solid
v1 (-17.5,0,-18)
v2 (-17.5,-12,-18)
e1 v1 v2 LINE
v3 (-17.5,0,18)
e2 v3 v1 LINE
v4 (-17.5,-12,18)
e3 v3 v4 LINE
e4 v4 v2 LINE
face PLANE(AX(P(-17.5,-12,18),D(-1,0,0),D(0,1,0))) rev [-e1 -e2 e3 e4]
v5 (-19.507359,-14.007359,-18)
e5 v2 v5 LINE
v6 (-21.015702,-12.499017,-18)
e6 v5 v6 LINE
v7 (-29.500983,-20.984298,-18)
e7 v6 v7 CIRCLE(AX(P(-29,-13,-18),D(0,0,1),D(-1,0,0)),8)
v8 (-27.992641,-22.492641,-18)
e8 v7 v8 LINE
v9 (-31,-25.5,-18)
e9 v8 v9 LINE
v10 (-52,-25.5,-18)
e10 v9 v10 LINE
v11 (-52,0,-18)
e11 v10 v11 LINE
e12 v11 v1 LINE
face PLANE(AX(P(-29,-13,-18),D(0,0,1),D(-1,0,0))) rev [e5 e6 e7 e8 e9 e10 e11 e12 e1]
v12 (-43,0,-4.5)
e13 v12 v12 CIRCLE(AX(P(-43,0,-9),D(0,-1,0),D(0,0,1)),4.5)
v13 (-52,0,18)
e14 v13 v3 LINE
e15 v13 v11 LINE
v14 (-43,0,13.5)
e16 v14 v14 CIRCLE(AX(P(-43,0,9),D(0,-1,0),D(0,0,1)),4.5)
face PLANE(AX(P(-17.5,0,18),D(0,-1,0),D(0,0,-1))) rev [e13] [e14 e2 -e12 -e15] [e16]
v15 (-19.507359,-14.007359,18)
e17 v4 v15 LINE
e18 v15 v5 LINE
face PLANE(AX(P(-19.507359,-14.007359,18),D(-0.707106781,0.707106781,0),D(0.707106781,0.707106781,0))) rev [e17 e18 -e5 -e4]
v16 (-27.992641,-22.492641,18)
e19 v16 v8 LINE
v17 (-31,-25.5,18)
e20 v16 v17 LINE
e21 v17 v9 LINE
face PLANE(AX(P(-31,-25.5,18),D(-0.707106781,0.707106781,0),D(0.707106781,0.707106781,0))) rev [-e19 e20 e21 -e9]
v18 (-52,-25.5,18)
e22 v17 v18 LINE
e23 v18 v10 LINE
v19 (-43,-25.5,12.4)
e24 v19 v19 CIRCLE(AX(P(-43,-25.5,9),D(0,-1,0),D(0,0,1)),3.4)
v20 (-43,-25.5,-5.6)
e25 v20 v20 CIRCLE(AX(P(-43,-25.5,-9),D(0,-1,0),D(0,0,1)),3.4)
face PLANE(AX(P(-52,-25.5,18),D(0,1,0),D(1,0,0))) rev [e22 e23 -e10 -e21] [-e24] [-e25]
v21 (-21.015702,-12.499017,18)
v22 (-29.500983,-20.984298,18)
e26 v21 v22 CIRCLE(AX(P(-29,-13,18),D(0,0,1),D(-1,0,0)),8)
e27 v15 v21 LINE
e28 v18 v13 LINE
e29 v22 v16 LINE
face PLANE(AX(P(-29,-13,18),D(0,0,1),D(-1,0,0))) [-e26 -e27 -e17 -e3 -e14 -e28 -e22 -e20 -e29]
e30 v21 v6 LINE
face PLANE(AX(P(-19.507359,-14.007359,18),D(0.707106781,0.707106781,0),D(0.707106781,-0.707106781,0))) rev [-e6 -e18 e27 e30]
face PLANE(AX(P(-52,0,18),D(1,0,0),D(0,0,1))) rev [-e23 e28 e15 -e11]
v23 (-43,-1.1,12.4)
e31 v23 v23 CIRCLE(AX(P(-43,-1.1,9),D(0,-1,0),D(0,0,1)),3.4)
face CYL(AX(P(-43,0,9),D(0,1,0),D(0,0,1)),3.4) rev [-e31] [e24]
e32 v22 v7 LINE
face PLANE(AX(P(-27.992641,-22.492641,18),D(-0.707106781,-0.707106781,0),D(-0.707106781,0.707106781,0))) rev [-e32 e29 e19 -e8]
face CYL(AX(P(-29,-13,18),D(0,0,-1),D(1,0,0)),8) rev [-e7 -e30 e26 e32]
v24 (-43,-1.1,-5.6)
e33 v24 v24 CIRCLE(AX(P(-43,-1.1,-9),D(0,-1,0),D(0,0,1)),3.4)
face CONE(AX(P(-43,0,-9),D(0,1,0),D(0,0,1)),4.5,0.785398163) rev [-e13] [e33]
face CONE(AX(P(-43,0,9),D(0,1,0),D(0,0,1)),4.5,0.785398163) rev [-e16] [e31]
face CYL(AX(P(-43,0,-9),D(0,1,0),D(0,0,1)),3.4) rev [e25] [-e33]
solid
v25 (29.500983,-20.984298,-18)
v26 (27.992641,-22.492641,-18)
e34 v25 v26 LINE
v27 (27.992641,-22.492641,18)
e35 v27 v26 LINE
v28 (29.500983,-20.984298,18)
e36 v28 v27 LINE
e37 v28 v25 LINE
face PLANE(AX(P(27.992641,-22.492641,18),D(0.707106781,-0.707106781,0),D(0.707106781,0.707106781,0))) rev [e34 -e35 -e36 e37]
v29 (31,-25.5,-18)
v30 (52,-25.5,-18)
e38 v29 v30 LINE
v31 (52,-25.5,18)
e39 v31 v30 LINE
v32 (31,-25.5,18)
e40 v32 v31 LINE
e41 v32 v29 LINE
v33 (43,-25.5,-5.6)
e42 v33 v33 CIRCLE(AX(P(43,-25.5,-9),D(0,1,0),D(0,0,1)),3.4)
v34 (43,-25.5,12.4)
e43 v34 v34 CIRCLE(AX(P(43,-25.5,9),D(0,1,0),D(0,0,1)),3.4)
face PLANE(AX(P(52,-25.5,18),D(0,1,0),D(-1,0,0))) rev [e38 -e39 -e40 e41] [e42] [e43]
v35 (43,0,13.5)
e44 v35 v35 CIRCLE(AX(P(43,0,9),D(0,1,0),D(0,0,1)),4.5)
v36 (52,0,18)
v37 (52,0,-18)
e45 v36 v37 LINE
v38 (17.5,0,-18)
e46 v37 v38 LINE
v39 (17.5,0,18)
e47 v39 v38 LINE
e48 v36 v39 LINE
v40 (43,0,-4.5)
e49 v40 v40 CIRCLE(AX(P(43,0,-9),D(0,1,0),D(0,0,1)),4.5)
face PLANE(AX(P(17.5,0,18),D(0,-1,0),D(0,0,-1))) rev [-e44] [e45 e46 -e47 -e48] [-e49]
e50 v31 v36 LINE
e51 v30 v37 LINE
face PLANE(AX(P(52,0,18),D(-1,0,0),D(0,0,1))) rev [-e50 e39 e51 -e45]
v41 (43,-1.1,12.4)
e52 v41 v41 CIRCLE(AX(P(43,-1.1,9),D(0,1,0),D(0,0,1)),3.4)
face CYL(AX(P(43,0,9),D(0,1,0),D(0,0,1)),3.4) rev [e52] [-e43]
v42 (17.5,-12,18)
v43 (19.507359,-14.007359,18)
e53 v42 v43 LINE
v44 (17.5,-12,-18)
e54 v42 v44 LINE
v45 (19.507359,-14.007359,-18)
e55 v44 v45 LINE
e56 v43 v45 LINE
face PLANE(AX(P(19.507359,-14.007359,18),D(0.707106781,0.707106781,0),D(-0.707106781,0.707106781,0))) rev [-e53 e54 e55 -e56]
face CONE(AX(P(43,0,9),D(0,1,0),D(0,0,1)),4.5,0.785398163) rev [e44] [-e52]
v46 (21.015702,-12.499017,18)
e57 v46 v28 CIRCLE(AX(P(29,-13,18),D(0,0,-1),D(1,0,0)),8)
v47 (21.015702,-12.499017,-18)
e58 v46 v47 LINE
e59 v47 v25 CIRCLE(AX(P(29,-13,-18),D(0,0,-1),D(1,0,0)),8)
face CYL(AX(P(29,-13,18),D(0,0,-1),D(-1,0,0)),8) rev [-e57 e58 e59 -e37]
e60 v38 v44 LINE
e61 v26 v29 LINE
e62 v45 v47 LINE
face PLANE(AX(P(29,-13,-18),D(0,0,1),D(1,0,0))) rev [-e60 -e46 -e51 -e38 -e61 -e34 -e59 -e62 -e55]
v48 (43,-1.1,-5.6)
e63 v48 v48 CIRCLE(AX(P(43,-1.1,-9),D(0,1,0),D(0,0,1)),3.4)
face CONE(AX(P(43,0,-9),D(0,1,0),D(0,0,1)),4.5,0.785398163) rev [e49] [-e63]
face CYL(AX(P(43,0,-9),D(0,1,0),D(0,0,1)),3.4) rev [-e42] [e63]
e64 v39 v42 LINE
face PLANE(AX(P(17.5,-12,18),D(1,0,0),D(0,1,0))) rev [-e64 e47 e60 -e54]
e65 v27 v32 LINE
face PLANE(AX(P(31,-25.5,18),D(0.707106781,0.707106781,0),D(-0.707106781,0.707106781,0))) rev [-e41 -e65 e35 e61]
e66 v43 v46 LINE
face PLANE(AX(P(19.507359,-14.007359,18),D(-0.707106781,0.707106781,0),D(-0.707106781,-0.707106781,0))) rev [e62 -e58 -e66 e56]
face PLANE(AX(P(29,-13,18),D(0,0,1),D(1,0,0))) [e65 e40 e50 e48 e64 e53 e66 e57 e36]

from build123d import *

# Parameters (mm, degrees)
BOSS_EXTRUDE1_DEPTH              = 18
M8X1_25_TAPPED_HOLE1_D           = 6.8
M8X1_25_TAPPED_HOLE1_CSINK_D     = 9
M8X1_25_TAPPED_HOLE1_CSINK_ANGLE = 90


with BuildPart() as part:
    # Sketch1 → Boss-Extrude1 (new, symmetric)
    with BuildSketch(Plane.XY):
        with BuildLine():
            Line((19.507359313, -14.007359313), (17.5, -12))
            Line((17.5, -12), (17.5, 0))
            Line((17.5, 0), (52, 0))
            Line((52, 0), (52, -25.5))
            Line((52, -25.5), (31, -25.5))
            Line((31, -25.5), (27.992640687, -22.492640687))
            Line((27.992640687, -22.492640687), (29.5009833, -20.984298074))
            ThreePointArc((29.5009833, -20.984298074), (34.656854249, -7.343145751), (21.015701926, -12.4990167))
            Line((21.015701926, -12.4990167), (19.507359313, -14.007359313))
        make_face()
    extrude(amount=BOSS_EXTRUDE1_DEPTH, both=True)

    # M8x1.25 Tapped Hole1 (through all)
    with Locations(Plane(origin=(0, 0, 0), x_dir=(-1, 0, 0), z_dir=(0, 1, 0))):
        with Locations((-43, -9), (-43, 9)):
            CounterSinkHole(M8X1_25_TAPPED_HOLE1_D / 2, M8X1_25_TAPPED_HOLE1_CSINK_D / 2, counter_sink_angle=M8X1_25_TAPPED_HOLE1_CSINK_ANGLE)


with BuildPart() as body_2:
    # Mirror2: mirrored copy
    add(part.part.mirror(Plane(origin=(0, 0, 0), x_dir=(0, 0, 1), z_dir=(1, 0, 0))))


solid = Compound([part.part, body_2.part])
